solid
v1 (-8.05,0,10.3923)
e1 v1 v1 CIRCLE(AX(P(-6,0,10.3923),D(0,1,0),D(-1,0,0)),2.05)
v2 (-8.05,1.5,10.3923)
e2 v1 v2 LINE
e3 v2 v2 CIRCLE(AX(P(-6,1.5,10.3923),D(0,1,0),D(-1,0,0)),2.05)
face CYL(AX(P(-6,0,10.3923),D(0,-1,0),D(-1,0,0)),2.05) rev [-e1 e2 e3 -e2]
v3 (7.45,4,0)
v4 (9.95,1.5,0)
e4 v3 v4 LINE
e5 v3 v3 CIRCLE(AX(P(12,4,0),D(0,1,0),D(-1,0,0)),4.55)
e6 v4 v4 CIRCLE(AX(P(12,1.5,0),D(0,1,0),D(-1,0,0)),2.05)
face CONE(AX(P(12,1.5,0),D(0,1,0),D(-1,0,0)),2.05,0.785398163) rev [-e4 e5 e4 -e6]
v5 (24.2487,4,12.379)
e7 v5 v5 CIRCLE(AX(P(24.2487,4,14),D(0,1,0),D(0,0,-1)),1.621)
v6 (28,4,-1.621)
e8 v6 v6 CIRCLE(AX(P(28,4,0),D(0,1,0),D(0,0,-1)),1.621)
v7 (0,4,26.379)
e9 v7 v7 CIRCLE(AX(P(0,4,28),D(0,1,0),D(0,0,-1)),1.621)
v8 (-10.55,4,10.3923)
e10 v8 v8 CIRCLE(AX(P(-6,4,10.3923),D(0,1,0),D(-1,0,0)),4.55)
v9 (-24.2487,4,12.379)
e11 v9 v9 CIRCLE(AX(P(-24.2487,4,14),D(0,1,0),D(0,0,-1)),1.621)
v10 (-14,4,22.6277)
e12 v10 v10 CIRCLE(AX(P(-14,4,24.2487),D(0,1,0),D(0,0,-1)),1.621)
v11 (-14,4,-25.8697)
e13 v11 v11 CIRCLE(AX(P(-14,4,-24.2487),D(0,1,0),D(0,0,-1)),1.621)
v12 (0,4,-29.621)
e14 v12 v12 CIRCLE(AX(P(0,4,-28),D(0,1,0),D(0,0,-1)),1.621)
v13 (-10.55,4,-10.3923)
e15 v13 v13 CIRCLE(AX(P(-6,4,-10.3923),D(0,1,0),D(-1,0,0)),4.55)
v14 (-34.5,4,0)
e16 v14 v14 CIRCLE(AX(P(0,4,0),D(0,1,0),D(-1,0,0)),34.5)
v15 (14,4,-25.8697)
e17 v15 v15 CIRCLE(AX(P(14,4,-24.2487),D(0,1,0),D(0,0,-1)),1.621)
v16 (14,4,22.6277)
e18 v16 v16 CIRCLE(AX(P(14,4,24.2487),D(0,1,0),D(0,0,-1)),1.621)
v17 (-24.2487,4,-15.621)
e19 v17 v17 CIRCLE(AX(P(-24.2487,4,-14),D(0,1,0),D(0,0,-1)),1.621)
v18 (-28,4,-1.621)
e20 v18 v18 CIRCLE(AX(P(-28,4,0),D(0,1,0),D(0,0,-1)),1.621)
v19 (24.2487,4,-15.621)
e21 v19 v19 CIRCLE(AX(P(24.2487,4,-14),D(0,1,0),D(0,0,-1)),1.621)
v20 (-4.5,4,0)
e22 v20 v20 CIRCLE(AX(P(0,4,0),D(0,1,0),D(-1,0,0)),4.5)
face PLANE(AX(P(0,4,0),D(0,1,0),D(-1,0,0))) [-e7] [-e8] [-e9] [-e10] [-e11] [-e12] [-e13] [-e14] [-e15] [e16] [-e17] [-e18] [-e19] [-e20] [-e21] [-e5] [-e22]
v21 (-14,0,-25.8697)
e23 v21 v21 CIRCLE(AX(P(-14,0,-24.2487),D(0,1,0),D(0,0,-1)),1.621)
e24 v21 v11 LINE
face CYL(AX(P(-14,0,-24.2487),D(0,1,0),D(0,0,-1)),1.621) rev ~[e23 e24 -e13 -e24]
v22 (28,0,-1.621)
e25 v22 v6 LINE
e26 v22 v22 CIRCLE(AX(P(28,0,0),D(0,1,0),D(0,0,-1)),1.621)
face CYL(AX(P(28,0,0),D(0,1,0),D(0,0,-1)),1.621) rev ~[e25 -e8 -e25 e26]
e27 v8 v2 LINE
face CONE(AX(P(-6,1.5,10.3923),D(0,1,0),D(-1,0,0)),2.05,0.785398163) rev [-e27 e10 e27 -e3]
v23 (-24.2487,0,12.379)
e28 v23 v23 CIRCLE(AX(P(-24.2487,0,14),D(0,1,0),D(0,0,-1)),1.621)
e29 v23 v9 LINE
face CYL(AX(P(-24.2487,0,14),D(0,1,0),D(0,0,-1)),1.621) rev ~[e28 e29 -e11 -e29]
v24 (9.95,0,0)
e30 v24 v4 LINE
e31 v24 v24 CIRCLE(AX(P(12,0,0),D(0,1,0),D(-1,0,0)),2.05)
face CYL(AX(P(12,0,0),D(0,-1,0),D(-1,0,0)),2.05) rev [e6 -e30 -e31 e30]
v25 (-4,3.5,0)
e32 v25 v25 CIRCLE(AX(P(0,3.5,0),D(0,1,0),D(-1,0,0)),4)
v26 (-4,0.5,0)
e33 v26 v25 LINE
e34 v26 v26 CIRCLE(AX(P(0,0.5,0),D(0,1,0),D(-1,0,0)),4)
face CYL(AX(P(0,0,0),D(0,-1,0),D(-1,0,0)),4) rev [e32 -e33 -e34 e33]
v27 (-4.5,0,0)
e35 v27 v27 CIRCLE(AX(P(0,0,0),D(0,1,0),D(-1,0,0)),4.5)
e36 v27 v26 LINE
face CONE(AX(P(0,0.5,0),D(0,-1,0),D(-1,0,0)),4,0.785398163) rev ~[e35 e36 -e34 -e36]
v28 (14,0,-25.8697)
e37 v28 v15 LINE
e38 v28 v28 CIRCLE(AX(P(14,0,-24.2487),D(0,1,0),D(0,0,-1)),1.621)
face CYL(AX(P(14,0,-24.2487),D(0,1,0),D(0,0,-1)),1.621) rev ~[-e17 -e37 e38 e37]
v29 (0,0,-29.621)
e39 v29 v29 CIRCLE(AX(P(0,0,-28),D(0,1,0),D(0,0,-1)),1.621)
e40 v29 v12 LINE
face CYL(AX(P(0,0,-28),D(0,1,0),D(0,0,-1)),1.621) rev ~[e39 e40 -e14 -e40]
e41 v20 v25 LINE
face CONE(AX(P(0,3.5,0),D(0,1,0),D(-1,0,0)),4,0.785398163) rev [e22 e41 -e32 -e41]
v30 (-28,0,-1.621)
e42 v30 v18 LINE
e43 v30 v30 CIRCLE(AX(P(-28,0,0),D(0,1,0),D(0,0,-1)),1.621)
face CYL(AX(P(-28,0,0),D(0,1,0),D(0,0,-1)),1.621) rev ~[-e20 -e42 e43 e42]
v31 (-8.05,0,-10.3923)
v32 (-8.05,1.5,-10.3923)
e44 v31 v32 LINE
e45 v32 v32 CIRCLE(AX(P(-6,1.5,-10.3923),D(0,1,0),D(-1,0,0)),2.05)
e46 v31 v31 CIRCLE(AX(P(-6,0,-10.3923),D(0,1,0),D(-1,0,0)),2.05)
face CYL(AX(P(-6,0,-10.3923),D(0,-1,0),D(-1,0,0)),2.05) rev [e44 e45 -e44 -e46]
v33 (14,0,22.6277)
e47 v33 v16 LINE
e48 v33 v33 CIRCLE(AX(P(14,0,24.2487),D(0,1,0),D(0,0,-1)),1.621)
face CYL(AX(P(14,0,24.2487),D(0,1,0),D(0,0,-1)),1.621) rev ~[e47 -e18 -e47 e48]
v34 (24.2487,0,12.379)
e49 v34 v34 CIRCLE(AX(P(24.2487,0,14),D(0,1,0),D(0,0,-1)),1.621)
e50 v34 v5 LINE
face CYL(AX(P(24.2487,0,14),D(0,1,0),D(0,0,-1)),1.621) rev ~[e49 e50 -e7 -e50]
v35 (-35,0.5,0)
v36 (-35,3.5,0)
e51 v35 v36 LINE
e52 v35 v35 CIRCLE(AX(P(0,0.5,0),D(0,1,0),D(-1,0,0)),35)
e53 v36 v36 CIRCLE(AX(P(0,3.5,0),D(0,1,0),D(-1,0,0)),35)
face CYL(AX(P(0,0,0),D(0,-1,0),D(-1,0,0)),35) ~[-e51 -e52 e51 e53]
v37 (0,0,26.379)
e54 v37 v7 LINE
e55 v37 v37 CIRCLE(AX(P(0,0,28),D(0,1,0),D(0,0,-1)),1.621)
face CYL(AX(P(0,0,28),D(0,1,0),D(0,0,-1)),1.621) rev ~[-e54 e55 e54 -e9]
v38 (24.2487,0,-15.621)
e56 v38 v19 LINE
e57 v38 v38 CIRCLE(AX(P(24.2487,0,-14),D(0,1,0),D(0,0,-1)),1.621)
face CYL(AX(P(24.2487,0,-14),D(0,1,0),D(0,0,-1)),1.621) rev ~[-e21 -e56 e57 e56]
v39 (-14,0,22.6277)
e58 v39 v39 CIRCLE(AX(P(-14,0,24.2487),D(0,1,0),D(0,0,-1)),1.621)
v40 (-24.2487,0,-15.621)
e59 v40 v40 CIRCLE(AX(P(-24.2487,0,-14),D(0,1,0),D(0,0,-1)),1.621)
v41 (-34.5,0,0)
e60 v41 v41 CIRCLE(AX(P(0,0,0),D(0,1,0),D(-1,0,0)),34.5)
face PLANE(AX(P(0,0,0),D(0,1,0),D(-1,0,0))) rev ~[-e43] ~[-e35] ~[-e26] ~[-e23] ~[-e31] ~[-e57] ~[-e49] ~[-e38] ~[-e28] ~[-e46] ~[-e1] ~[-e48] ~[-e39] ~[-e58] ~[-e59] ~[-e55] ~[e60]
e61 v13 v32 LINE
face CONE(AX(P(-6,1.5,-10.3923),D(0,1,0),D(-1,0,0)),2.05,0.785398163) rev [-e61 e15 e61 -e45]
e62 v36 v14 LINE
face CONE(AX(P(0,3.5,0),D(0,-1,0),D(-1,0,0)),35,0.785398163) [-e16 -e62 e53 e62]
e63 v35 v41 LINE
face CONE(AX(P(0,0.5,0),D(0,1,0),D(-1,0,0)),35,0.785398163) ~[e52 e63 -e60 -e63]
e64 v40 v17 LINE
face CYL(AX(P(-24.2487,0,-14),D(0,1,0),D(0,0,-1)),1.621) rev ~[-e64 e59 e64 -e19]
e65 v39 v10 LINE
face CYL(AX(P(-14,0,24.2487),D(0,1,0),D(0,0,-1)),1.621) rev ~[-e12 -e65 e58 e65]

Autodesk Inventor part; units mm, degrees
ref_plane "YZ Plane" through (0, 0, 0) normal (1, 0, 0) x (0, 1, 0)
ref_plane "XZ Plane" through (0, 0, 0) normal (0, 1, 0) x (-1, 0, 0)
ref_plane "XY Plane" through (0, 0, 0) normal (0, 0, 1) x (1, 0, 0)
sketch "Sketch1" plane through (0, 0, 0) normal (0, 1, 0) x (-1, 0, 0)
  circle A0 centre (0, 0) radius 4
  circle A1 centre (0, 0) radius 35
  circle A2 centre (0, -28) radius 2
  circle A3 centre (14, -24.2487) radius 2
  circle A4 centre (24.2487, -14) radius 2
  circle A5 centre (28, 0) radius 2
  circle A6 centre (24.2487, 14) radius 2
  circle A7 centre (14, 24.2487) radius 2
  circle A8 centre (0, 28) radius 2
  circle A9 centre (-14, 24.2487) radius 2
  circle A10 centre (-24.2487, 14) radius 2
  circle A11 centre (-28, 0) radius 2
  circle A12 centre (-24.2487, -14) radius 2
  circle A13 centre (-14, -24.2487) radius 2
  circle A14 centre (-12, 0) radius 2.05
  circle A15 centre (6, -10.3923) radius 2.05
  circle A16 centre (6, 10.3923) radius 2.05
  dimension "d0" = 70
  dimension "d1" = 8
  dimension "d4" = 4
  dimension "d5" = 28
  dimension "d8" = 360
  dimension "d21" = 14.4939
  dimension "d53" = 12
  dimension "d54" = 4.1
  dimension "d57" = 360
extrude "Extrusion1" add sketch "Sketch1" along normal blind 4 contours A1 | A2 | A3 | A4 | A5 | A6 | A7 | A8 | A9 | A10 | A11 | A12 | A13
chamfer "Chamfer2" distance 0.5 angle 45 4 edges at (35, 4, 0) (4, 4, 0) (35, 0, 0) (4, 0, 0)
chamfer "Chamfer3" distance 2.5 angle 45 3 edges at (-3.95, 4, 10.3923) (-3.95, 4, -10.3923) (14.05, 4, 0)
hole "Hole1" at (-24.2487, 0, -14) at (-28, 0, 0) at (-24.2487, 0, 14) at (-14, 0, 24.2487) at (0, 0, 28) at (14, 0, 24.2487) at (24.2487, 0, 14) at (28, 0, 0) at (24.2487, 0, -14) at (14, 0, -24.2487) at (0, 0, -28) at (-14, 0, -24.2487) direction (0, 1, 0) diameter 3.242 depth 15 tip angle 118 thread size "M4x0.7" class "6H" standard "ISO Metric profile"
properties part number "end effector mount 4 mm" material "Aluminum 6061"
